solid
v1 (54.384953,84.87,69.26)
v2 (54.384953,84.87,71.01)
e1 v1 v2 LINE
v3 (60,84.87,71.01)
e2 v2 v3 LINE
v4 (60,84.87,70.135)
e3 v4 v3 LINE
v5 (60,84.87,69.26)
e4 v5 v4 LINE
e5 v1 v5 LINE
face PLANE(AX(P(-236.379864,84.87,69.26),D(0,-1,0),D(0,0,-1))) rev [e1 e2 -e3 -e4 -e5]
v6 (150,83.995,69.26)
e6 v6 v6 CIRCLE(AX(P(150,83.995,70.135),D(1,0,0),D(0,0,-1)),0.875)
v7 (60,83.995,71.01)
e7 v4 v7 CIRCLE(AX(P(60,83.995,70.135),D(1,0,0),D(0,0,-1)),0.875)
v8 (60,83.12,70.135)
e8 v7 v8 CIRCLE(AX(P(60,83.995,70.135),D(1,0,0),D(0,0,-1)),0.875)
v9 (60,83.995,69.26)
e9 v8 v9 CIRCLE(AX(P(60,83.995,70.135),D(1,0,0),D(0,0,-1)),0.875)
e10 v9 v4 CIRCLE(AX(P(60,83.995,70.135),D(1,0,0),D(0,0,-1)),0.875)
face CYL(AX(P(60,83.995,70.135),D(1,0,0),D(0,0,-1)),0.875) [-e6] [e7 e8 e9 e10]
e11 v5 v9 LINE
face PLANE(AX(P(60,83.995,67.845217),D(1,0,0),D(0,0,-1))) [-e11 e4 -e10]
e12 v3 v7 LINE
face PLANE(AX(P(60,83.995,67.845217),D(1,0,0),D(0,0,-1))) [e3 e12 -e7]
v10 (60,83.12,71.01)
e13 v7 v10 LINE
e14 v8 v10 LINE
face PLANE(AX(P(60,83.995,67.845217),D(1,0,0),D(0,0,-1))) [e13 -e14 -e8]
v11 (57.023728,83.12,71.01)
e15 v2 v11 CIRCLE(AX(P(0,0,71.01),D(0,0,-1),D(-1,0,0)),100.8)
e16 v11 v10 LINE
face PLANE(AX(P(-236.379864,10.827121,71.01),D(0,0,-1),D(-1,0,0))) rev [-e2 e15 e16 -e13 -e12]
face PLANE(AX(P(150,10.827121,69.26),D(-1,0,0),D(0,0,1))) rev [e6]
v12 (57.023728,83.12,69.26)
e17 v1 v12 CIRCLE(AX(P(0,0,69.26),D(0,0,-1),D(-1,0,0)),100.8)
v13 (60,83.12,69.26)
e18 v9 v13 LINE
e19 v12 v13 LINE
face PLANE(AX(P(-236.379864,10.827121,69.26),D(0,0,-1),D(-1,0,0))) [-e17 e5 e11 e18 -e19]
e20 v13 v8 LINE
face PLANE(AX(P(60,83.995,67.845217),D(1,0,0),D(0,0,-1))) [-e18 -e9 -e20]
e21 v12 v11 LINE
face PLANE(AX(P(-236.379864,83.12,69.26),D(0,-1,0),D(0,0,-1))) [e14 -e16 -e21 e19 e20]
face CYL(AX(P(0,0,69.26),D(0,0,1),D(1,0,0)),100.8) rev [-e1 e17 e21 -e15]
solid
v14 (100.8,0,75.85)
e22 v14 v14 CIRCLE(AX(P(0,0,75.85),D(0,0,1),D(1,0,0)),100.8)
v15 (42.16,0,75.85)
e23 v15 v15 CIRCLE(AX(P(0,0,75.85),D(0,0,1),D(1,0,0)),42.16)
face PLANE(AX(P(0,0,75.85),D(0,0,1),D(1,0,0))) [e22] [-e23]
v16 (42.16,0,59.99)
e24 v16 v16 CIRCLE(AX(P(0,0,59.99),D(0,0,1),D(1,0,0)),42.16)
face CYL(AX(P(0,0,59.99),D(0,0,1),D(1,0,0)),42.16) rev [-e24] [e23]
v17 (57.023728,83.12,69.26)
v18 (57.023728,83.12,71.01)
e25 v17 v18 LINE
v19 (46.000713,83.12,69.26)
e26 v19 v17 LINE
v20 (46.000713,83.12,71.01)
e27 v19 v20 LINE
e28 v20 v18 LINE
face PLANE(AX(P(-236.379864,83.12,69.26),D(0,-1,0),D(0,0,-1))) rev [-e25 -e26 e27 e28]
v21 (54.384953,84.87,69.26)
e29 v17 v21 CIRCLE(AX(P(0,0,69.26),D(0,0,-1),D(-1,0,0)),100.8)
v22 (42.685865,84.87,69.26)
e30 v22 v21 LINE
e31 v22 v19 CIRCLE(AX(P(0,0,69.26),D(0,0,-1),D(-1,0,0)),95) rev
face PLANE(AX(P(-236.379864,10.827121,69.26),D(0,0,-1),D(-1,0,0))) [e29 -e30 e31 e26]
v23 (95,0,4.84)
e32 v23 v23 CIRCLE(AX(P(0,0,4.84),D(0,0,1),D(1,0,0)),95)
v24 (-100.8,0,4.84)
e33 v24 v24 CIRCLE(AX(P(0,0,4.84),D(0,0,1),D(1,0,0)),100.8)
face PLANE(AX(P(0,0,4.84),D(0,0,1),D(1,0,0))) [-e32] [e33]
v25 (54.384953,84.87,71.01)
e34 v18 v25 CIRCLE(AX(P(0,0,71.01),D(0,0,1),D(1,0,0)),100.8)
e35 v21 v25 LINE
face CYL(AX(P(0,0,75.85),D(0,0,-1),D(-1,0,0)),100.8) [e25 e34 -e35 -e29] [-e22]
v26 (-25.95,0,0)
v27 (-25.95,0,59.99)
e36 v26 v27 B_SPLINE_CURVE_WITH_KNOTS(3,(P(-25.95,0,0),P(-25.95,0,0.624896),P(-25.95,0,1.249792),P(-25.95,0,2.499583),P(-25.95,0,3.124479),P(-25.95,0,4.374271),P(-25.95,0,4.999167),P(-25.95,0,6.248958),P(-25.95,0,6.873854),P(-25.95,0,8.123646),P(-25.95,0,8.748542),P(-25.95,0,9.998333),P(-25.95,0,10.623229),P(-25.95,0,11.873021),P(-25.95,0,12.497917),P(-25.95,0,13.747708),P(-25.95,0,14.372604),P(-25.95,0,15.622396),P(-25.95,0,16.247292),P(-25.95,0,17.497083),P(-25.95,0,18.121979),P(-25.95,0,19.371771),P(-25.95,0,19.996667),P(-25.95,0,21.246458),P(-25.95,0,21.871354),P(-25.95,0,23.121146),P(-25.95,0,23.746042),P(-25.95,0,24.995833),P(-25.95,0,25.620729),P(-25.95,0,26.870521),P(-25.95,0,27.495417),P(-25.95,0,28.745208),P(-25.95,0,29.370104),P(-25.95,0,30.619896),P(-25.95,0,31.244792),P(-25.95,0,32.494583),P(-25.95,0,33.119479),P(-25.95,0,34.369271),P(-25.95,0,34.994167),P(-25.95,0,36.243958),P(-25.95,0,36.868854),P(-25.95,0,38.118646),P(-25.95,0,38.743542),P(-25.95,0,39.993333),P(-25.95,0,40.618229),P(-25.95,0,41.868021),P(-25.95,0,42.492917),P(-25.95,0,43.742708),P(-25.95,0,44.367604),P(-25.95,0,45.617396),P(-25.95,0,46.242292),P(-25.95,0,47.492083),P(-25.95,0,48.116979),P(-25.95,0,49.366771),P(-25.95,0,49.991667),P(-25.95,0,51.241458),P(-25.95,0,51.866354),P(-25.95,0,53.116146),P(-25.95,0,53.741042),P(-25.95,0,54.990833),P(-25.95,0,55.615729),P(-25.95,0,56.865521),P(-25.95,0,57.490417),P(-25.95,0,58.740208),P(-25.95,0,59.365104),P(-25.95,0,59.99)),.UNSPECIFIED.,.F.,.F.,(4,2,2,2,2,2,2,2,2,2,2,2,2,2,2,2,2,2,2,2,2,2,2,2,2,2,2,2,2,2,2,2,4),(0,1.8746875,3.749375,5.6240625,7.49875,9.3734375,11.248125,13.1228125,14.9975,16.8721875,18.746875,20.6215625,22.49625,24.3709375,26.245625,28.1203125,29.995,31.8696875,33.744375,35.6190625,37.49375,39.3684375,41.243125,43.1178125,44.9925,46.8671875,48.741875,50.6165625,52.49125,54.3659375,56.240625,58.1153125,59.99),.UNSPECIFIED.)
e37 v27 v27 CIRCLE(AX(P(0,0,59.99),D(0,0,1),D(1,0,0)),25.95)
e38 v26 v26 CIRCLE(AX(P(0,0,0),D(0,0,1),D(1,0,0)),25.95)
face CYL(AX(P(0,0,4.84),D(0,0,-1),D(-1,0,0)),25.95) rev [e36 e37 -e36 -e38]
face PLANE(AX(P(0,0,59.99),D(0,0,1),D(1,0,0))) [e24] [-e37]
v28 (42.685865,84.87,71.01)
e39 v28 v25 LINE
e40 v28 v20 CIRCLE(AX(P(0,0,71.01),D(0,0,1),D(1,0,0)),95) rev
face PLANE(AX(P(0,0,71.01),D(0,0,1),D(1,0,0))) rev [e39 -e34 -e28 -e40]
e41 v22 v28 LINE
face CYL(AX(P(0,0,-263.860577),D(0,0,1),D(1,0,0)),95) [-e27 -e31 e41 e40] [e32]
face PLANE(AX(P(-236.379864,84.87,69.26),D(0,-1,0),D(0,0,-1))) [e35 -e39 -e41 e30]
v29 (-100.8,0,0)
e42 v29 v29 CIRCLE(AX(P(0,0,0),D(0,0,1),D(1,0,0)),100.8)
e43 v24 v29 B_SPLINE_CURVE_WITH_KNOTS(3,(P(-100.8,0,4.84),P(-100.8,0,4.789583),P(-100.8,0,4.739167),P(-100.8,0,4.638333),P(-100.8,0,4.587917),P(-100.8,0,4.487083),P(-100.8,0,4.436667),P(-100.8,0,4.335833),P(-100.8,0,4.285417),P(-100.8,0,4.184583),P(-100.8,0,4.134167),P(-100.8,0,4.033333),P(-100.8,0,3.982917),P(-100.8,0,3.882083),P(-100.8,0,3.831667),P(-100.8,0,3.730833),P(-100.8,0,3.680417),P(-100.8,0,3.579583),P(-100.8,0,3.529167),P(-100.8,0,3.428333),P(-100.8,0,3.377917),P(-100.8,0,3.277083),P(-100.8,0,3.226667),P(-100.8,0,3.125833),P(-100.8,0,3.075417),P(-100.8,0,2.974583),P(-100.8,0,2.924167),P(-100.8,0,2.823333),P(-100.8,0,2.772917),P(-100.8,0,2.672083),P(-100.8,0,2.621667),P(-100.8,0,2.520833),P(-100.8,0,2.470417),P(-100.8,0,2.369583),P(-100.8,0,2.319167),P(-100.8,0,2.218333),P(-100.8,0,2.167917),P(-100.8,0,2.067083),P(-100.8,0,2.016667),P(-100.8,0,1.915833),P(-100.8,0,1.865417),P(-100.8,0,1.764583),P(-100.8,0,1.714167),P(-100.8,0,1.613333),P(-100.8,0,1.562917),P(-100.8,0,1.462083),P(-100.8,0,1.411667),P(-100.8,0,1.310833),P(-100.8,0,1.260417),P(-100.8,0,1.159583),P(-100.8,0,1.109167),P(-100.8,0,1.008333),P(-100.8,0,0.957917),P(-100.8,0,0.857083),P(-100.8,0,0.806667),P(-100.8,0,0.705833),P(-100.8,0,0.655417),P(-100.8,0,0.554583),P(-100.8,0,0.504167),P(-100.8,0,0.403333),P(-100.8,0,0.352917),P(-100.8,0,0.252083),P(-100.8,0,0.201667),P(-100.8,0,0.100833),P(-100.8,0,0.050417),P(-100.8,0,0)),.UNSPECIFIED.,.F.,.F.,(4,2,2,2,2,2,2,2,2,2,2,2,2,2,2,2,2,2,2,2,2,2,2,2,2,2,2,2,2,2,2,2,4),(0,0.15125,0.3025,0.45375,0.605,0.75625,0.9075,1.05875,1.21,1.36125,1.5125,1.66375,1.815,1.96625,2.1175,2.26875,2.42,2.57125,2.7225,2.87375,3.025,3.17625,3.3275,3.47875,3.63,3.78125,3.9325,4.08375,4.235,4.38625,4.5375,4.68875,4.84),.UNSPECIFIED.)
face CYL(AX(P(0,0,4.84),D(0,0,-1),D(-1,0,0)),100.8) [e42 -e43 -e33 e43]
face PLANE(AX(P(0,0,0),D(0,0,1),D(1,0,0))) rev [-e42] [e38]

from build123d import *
from build123d.topology import SkipClean

# Parameters (mm, degrees)
SKETCH1_R           = 100.8
SKETCH1_R_2         = 25.95
BOSS_EXTRUDE1_DEPTH = 4.84
SKETCH2_R           = 45.11
SKETCH2_R_2         = 25.95
BOSS_EXTRUDE2_DEPTH = 66.17
SKETCH3_R           = 100.8
SKETCH3_R_2         = 25.95
BOSS_EXTRUDE3_DEPTH = 4.84
SKETCH4_R           = 42.16
CUT_EXTRUDE1_DEPTH  = 15.86
BOSS_EXTRUDE4_START = 66.17
SKETCH5_R           = 95
SKETCH5_R_2         = 45.11
BOSS_EXTRUDE4_DEPTH = 66.17
BOSS_EXTRUDE6_START = 1.75
BOSS_EXTRUDE6_DEPTH = 1.75
SKETCH9_W           = 1.947145626
SKETCH9_H           = 1.958948438
CUT_EXTRUDE6_DEPTH  = 90


with BuildPart() as part:
    # Sketch1 → Boss-Extrude1 (new body)
    with BuildSketch(Plane.XY):
        with Locations(Location((0, 0, 0), (0, 0, 180))):
            Circle(SKETCH1_R)
        with Locations(Location((0, 0, 0), (0, 0, 180))):
            Circle(SKETCH1_R_2, mode=Mode.SUBTRACT)
    extrude(amount=BOSS_EXTRUDE1_DEPTH)

    # Sketch2 → Boss-Extrude2 (add)
    with BuildSketch(Plane.XY.offset(4.84)):
        Circle(SKETCH2_R)
        with Locations(Location((0, 0, 0), (0, 0, 180))):
            Circle(SKETCH2_R_2, mode=Mode.SUBTRACT)
    extrude(amount=BOSS_EXTRUDE2_DEPTH)

    # Sketch3 → Boss-Extrude3 (add)
    with BuildSketch(Plane.XY.offset(71.01)):
        with Locations(Location((0, 0, 0), (0, 0, 180))):
            Circle(SKETCH3_R)
        with Locations(Location((0, 0, 0), (0, 0, 180))):
            Circle(SKETCH3_R_2, mode=Mode.SUBTRACT)
    extrude(amount=BOSS_EXTRUDE3_DEPTH)

    # Sketch4 → Cut-Extrude1 (cut)
    with BuildSketch(Plane.XY.offset(75.85)):
        Circle(SKETCH4_R)
    extrude(amount=-CUT_EXTRUDE1_DEPTH, mode=Mode.SUBTRACT)

    # Sketch5 → Boss-Extrude4 (add)
    with BuildSketch(Plane(origin=(0, 0, 71.01), x_dir=(-1, 0, 0), z_dir=(0, 0, -1)).offset(BOSS_EXTRUDE4_START)):
        with Locations(Location((0, 0, 0), (0, 0, 180))):
            Circle(SKETCH5_R)
        Circle(SKETCH5_R_2, mode=Mode.SUBTRACT)
    extrude(amount=-BOSS_EXTRUDE4_DEPTH)

    # Sketch8 → Boss-Extrude6 (add)
    with SkipClean():  # the faces are left unmerged after this step: merging them gives an invalid solid
        with BuildSketch(Plane(origin=(0, 0, 71.01), x_dir=(-1, 0, 0), z_dir=(0, 0, -1)).offset(BOSS_EXTRUDE6_START)):
            with BuildLine():
                Line((-54.384952882, 84.87), (-42.685865342, 84.87))
                ThreePointArc((-42.685865342, 84.87), (44.35192128, -84.011350893), (-46.000713038, 83.12))
                Line((-46.000713038, 83.12), (-57.023728394, 83.12))
                ThreePointArc((-57.023728394, 83.12), (55.711212435, -84.005361788), (-54.384952882, 84.87))
            make_face()
            with BuildLine():
                ThreePointArc((-57.023728394, 83.12), (-55.711212435, 84.005361788), (-54.384952882, 84.87))
                Line((-54.384952882, 84.87), (-150, 84.87))
                Line((-150, 84.87), (-150, 83.12))
                Line((-150, 83.12), (-57.023728394, 83.12))
            make_face()
        extrude(amount=-BOSS_EXTRUDE6_DEPTH)


with BuildPart() as boss_extrude6_piece_1:
    # of the separate pieces the step leaves, piece 1, a body of its own (boss_extrude6_pieces)
    add(part.part.solids().sort_by_distance((-100.8, 0, 0))[0])


with BuildPart() as boss_extrude6_piece_2:
    # of the separate pieces the step leaves, piece 2, a body of its own (boss_extrude6_pieces)
    add(part.part.solids().sort_by_distance((150, 83.12, 69.26))[0])

    # Sketch9 → Cut-Extrude6 (cut)
    # profile 1 of 5: a face of its own
    with BuildSketch(Plane(origin=(150, 0, 0), x_dir=(0, 0, -1), z_dir=(1, 0, 0))):
        with Locations((-70.135, 83.995)):
            Rectangle(SKETCH9_W, SKETCH9_H)
        Polygon((-69.26, 83.995), (-69.26, 83.12), (-70.135, 83.12), (-71.01, 83.12), (-71.01, 83.995), (-71.01, 84.87), (-70.135, 84.87), (-69.26, 84.87), align=None, mode=Mode.SUBTRACT)
    # profile 2 of 5: a face of its own
    with BuildSketch(Plane(origin=(150, 0, 0), x_dir=(0, 0, -1), z_dir=(1, 0, 0))):
        with BuildLine():
            Line((-71.01, 83.12), (-70.135, 83.12))
            ThreePointArc((-70.135, 83.12), (-70.753718434, 83.376281566), (-71.01, 83.995))
            Line((-71.01, 83.995), (-71.01, 83.12))
        make_face()
    # profile 3 of 5: a face of its own
    with BuildSketch(Plane(origin=(150, 0, 0), x_dir=(0, 0, -1), z_dir=(1, 0, 0))):
        with BuildLine():
            Line((-70.135, 83.12), (-69.26, 83.12))
            Line((-69.26, 83.12), (-69.26, 83.995))
            ThreePointArc((-69.26, 83.995), (-69.516281566, 83.376281566), (-70.135, 83.12))
        make_face()
    # profile 4 of 5: a face of its own
    with BuildSketch(Plane(origin=(150, 0, 0), x_dir=(0, 0, -1), z_dir=(1, 0, 0))):
        with BuildLine():
            ThreePointArc((-70.135, 84.87), (-69.516281566, 84.613718434), (-69.26, 83.995))
            Line((-69.26, 83.995), (-69.26, 84.87))
            Line((-69.26, 84.87), (-70.135, 84.87))
        make_face()
    # profile 5 of 5: a face of its own
    with BuildSketch(Plane(origin=(150, 0, 0), x_dir=(0, 0, -1), z_dir=(1, 0, 0))):
        with BuildLine():
            ThreePointArc((-71.01, 83.995), (-70.753718434, 84.613718434), (-70.135, 84.87))
            Line((-70.135, 84.87), (-71.01, 84.87))
            Line((-71.01, 84.87), (-71.01, 83.995))
        make_face()
    extrude(amount=-CUT_EXTRUDE6_DEPTH, mode=Mode.SUBTRACT)


solid = Compound([boss_extrude6_piece_1.part, boss_extrude6_piece_2.part])
